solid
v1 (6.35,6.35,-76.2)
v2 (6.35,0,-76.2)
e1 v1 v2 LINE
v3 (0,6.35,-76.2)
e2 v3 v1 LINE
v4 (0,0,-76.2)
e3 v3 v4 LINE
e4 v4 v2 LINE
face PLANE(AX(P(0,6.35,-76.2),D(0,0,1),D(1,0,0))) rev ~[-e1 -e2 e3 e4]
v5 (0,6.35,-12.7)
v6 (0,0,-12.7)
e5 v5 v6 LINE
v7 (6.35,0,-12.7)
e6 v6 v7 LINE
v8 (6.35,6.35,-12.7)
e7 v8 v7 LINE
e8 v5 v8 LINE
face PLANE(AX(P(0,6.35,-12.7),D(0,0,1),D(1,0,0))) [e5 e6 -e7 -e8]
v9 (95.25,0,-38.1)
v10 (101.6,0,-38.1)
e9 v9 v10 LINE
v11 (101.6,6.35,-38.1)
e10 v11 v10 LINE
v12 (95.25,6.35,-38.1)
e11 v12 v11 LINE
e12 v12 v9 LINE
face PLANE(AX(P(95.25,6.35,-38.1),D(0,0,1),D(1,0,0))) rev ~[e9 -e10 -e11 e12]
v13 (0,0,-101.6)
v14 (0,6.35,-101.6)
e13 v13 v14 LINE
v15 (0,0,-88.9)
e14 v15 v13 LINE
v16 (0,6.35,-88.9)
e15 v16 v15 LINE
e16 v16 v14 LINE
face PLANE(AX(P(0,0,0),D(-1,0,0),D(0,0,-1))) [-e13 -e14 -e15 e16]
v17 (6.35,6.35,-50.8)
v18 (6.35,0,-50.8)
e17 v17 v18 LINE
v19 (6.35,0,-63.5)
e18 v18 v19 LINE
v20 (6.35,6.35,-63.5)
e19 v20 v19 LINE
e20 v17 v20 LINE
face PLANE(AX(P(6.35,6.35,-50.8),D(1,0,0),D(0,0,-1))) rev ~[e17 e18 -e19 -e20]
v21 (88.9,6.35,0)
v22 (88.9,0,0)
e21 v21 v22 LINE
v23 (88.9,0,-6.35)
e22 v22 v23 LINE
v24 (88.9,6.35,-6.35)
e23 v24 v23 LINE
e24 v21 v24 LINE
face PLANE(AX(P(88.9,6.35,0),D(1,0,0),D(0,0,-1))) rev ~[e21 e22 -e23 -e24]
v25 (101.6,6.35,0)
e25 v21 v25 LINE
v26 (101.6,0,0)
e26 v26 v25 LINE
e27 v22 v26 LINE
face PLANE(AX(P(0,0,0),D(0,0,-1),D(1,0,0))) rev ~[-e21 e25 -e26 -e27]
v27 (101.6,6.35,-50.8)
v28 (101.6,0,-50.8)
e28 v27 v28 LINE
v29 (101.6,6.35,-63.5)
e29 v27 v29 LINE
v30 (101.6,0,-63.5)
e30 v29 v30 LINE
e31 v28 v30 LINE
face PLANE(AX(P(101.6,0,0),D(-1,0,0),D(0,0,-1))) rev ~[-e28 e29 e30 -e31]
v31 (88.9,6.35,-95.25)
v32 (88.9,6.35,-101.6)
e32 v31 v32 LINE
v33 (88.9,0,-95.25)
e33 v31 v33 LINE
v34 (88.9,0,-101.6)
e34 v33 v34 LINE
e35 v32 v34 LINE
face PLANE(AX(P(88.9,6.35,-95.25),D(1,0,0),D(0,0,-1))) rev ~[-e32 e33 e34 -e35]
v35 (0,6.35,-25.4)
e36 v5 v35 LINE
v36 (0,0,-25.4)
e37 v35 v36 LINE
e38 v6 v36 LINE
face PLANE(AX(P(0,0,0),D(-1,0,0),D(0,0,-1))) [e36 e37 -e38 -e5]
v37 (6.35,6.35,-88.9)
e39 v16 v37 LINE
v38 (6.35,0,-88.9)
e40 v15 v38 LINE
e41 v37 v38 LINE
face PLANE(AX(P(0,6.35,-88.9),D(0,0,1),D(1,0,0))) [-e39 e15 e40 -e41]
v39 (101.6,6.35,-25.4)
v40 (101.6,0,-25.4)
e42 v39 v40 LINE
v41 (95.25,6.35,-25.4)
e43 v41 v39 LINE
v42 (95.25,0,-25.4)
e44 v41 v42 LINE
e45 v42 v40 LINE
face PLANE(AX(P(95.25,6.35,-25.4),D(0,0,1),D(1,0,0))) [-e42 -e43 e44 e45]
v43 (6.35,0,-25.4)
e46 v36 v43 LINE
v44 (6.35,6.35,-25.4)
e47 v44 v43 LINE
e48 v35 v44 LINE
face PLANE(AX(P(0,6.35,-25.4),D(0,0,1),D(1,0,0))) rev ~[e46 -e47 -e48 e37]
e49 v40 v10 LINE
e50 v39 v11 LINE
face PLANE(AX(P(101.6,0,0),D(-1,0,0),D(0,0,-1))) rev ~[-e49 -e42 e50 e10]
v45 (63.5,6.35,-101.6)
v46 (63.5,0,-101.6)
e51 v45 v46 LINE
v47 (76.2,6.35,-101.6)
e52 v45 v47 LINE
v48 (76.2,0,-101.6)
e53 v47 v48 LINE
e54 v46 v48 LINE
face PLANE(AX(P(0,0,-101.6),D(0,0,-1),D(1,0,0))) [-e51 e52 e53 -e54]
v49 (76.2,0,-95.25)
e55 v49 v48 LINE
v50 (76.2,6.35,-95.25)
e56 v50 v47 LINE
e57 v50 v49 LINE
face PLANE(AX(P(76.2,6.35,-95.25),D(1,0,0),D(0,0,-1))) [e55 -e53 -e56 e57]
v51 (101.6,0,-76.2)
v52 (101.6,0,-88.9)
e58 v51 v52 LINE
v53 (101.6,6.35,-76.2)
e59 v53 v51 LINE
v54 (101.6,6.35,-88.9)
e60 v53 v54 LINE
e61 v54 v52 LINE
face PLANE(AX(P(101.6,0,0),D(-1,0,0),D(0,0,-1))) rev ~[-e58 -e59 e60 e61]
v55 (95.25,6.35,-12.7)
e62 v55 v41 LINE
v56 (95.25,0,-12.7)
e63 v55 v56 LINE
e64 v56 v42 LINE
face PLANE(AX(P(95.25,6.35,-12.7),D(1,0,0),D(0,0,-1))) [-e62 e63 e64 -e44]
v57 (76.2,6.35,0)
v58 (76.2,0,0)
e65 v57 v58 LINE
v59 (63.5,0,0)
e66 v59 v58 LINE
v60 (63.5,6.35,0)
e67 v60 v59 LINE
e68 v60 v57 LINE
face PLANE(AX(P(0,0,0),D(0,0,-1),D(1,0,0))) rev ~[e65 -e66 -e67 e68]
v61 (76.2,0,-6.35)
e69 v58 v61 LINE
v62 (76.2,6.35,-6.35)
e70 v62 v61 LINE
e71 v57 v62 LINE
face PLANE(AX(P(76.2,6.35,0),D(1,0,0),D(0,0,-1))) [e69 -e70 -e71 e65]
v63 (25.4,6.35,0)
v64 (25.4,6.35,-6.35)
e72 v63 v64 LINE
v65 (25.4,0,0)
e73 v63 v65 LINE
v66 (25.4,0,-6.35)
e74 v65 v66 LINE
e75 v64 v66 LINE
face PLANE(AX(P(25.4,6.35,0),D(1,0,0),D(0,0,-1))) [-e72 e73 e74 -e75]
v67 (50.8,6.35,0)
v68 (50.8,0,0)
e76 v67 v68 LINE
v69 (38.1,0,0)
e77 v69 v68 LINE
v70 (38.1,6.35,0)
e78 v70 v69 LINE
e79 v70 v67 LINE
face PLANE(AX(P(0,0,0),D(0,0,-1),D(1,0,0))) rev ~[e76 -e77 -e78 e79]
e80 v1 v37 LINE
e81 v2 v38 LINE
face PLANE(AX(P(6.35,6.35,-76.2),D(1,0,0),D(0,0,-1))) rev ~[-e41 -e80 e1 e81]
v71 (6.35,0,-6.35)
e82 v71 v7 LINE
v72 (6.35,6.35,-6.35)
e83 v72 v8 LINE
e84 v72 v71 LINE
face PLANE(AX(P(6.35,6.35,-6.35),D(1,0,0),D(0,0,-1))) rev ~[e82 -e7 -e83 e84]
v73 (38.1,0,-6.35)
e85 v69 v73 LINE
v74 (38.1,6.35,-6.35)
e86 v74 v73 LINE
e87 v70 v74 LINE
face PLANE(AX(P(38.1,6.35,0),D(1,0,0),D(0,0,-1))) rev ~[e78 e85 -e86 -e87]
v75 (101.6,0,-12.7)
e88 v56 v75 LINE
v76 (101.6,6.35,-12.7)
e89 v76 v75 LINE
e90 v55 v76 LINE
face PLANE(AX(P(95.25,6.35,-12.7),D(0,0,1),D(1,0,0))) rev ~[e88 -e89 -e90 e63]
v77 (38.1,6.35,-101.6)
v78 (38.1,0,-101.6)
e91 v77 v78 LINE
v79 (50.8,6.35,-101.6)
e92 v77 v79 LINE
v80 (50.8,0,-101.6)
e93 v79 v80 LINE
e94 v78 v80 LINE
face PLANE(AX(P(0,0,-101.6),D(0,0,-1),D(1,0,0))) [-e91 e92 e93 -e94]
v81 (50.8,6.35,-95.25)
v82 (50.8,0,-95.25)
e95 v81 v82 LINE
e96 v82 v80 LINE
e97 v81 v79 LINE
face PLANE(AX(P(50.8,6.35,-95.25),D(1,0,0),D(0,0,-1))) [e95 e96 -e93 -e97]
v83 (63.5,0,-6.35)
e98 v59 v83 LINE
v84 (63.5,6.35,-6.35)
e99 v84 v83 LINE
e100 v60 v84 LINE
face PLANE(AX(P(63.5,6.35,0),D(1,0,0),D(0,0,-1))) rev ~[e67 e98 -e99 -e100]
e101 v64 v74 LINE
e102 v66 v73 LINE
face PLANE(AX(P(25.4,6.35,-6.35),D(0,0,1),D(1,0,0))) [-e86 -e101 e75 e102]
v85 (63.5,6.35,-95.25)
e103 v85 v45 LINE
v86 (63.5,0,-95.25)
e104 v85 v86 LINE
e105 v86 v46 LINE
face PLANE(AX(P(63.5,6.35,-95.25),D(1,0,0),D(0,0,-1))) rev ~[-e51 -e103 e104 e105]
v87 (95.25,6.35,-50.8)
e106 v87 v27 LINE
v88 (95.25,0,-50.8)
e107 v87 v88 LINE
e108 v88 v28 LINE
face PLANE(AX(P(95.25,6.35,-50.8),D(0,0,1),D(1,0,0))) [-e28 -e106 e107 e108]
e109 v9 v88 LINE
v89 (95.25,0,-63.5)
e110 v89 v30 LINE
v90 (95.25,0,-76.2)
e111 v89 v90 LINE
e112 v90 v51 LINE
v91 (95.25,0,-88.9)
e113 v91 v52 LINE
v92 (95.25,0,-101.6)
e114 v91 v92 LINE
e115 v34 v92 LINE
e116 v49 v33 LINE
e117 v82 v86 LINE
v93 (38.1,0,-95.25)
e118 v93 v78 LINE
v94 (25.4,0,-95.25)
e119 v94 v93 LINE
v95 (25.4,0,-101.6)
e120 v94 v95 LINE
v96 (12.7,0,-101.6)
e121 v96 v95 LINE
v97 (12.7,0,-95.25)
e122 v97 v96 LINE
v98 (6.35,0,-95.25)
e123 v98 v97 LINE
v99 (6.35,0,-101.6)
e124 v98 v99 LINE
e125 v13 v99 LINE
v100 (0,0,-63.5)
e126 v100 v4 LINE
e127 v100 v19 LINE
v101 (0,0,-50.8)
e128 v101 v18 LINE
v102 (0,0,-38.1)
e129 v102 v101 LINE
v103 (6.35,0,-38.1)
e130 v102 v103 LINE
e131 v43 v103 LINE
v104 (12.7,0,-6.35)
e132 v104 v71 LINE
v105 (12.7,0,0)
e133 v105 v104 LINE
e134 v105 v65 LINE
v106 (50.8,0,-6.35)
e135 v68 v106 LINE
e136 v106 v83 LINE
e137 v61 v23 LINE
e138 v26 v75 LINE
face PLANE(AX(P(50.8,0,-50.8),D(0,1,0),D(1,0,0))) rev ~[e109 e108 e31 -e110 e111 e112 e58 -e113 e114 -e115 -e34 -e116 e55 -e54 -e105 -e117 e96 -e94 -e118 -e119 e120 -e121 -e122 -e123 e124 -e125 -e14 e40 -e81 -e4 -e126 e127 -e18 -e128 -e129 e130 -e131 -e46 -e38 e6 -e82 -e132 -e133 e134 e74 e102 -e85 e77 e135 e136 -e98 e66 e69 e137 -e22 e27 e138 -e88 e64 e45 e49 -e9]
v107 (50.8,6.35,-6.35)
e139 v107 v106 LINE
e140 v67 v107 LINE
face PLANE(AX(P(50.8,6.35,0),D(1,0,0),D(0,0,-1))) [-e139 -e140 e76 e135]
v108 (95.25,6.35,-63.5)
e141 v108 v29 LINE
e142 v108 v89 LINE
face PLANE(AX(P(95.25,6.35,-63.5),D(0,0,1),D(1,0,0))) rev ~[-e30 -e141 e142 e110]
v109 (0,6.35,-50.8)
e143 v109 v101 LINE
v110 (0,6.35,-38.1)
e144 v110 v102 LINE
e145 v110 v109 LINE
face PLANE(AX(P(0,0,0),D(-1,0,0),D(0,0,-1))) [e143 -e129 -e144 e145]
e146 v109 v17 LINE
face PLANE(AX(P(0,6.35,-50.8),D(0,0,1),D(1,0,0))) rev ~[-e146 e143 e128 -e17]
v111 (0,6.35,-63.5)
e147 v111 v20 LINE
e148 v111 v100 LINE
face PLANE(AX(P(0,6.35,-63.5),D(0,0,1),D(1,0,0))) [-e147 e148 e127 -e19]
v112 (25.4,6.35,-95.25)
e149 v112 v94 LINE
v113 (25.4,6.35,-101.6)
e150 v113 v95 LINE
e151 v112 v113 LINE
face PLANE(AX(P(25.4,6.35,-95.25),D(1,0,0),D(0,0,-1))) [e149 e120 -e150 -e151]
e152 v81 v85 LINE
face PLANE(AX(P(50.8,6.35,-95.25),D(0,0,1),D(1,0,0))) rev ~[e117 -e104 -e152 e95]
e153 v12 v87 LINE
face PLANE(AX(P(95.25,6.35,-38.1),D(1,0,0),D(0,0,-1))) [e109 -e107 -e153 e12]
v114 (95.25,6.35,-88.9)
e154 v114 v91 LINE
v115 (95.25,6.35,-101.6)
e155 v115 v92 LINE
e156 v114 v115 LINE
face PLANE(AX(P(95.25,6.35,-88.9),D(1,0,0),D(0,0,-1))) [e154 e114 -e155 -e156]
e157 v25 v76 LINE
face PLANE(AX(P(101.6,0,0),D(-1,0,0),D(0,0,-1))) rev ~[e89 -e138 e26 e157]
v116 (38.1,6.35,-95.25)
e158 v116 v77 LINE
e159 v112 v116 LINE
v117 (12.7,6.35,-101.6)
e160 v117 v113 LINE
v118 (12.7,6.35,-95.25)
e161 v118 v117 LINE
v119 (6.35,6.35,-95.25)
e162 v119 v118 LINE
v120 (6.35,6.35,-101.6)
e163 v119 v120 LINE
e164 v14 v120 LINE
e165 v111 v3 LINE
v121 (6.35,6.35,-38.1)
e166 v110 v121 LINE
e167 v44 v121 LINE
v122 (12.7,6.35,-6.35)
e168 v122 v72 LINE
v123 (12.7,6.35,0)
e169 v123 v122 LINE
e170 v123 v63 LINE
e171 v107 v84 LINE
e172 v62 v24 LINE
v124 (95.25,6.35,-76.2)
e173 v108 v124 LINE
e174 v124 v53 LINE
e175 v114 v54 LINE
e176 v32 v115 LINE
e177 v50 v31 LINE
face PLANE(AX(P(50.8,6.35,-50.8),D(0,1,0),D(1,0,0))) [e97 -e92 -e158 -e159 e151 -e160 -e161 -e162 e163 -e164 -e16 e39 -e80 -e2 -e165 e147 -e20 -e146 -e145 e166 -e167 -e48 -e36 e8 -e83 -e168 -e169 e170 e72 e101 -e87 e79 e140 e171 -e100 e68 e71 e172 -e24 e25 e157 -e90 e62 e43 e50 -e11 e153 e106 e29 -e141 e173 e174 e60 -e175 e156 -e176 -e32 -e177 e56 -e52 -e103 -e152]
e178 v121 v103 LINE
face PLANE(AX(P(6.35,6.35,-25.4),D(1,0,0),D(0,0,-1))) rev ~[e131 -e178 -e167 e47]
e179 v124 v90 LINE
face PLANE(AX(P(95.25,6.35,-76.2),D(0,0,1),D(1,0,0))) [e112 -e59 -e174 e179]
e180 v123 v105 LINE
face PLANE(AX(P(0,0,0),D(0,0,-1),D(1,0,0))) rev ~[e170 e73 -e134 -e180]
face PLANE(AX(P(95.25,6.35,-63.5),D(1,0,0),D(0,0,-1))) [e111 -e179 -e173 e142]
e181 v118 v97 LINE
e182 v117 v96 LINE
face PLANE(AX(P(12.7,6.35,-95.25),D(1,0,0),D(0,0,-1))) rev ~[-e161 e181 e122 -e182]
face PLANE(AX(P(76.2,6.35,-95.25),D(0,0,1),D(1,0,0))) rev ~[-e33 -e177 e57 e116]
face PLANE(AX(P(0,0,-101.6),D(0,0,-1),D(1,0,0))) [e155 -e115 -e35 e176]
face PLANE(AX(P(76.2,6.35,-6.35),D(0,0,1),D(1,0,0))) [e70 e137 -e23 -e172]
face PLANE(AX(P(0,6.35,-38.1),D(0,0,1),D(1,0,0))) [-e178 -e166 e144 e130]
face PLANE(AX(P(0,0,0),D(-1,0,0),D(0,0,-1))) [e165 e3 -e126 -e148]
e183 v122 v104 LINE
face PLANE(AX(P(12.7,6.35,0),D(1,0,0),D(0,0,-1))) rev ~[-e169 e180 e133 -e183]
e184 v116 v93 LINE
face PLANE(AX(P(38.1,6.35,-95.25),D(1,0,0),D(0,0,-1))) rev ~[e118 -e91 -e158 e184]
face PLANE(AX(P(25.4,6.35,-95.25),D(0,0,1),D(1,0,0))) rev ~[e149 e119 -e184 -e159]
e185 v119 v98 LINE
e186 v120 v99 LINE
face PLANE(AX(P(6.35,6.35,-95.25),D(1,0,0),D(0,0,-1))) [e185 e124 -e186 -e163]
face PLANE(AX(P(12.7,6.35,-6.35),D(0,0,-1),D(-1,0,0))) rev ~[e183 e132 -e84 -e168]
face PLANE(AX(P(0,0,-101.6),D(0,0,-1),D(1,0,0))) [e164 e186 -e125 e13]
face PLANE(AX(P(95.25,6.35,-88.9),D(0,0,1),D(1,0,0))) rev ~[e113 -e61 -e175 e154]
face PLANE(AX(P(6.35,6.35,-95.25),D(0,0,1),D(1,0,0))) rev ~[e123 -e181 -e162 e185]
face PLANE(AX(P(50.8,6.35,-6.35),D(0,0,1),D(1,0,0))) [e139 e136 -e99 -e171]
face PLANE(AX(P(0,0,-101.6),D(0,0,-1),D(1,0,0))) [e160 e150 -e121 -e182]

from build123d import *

# Parameters (mm, degrees)
SKETCH1_W           = 101.6
SKETCH1_H           = 101.6
BOSS_EXTRUDE1_DEPTH = 6.35
SKETCH2_W           = 6.35
SKETCH2_H           = 12.7
SKETCH2_H_2         = 6.35
CUT_EXTRUDE1_DEPTH  = 144.824345992
SKETCH2_3_W         = 6.35
SKETCH2_3_H         = 6.35
SKETCH2_3_W_2       = 12.7
CUT_EXTRUDE2_DEPTH  = 6.35


with BuildPart() as part:
    # Sketch1 → Boss-Extrude1 (new body)
    with BuildSketch(Plane(origin=(0, 0, 0), x_dir=(1, 0, 0), z_dir=(0, 1, 0))):
        with Locations((50.8, 50.8)):
            Rectangle(SKETCH1_W, SKETCH1_H)
    extrude(amount=BOSS_EXTRUDE1_DEPTH)

    # Sketch2 → Cut-Extrude1 (cut, through all)
    with BuildSketch(Plane(origin=(0, 6.35, 0), x_dir=(1, 0, 0), z_dir=(0, 1, 0))):
        with Locations((3.175, 82.55)):
            Rectangle(SKETCH2_W, SKETCH2_H)
        with Locations((3.175, 57.15)):
            Rectangle(SKETCH2_W, SKETCH2_H)
        with Locations((3.175, 31.75)):
            Rectangle(SKETCH2_W, SKETCH2_H)
        with Locations((3.175, 9.525)):
            Rectangle(SKETCH2_W, SKETCH2_H_2)
        with Locations((98.425, 95.25)):
            Rectangle(SKETCH2_W, SKETCH2_H)
        with Locations((98.425, 69.85)):
            Rectangle(SKETCH2_W, SKETCH2_H)
        with Locations((98.425, 44.45)):
            Rectangle(SKETCH2_W, SKETCH2_H)
        with Locations((98.425, 19.05)):
            Rectangle(SKETCH2_W, SKETCH2_H)
    extrude(amount=-CUT_EXTRUDE1_DEPTH, mode=Mode.SUBTRACT)

    # Sketch2<3> → Cut-Extrude2 (cut)
    with BuildSketch(Plane(origin=(0, 6.35, 0), x_dir=(1, 0, 0), z_dir=(0, 1, 0))):
        with Locations((9.525, 98.425)):
            Rectangle(SKETCH2_3_W, SKETCH2_3_H)
        with Locations((31.75, 98.425)):
            Rectangle(SKETCH2_3_W_2, SKETCH2_3_H)
        with Locations((57.15, 98.425)):
            Rectangle(SKETCH2_3_W_2, SKETCH2_3_H)
        with Locations((6.35, 3.175)):
            Rectangle(SKETCH2_3_W_2, SKETCH2_3_H)
        with Locations((82.55, 98.425)):
            Rectangle(SKETCH2_3_W_2, SKETCH2_3_H)
        with Locations((31.75, 3.175)):
            Rectangle(SKETCH2_3_W_2, SKETCH2_3_H)
        with Locations((57.15, 3.175)):
            Rectangle(SKETCH2_3_W_2, SKETCH2_3_H)
        with Locations((82.55, 3.175)):
            Rectangle(SKETCH2_3_W_2, SKETCH2_3_H)
    extrude(amount=-CUT_EXTRUDE2_DEPTH, mode=Mode.SUBTRACT)


solid = part.part
